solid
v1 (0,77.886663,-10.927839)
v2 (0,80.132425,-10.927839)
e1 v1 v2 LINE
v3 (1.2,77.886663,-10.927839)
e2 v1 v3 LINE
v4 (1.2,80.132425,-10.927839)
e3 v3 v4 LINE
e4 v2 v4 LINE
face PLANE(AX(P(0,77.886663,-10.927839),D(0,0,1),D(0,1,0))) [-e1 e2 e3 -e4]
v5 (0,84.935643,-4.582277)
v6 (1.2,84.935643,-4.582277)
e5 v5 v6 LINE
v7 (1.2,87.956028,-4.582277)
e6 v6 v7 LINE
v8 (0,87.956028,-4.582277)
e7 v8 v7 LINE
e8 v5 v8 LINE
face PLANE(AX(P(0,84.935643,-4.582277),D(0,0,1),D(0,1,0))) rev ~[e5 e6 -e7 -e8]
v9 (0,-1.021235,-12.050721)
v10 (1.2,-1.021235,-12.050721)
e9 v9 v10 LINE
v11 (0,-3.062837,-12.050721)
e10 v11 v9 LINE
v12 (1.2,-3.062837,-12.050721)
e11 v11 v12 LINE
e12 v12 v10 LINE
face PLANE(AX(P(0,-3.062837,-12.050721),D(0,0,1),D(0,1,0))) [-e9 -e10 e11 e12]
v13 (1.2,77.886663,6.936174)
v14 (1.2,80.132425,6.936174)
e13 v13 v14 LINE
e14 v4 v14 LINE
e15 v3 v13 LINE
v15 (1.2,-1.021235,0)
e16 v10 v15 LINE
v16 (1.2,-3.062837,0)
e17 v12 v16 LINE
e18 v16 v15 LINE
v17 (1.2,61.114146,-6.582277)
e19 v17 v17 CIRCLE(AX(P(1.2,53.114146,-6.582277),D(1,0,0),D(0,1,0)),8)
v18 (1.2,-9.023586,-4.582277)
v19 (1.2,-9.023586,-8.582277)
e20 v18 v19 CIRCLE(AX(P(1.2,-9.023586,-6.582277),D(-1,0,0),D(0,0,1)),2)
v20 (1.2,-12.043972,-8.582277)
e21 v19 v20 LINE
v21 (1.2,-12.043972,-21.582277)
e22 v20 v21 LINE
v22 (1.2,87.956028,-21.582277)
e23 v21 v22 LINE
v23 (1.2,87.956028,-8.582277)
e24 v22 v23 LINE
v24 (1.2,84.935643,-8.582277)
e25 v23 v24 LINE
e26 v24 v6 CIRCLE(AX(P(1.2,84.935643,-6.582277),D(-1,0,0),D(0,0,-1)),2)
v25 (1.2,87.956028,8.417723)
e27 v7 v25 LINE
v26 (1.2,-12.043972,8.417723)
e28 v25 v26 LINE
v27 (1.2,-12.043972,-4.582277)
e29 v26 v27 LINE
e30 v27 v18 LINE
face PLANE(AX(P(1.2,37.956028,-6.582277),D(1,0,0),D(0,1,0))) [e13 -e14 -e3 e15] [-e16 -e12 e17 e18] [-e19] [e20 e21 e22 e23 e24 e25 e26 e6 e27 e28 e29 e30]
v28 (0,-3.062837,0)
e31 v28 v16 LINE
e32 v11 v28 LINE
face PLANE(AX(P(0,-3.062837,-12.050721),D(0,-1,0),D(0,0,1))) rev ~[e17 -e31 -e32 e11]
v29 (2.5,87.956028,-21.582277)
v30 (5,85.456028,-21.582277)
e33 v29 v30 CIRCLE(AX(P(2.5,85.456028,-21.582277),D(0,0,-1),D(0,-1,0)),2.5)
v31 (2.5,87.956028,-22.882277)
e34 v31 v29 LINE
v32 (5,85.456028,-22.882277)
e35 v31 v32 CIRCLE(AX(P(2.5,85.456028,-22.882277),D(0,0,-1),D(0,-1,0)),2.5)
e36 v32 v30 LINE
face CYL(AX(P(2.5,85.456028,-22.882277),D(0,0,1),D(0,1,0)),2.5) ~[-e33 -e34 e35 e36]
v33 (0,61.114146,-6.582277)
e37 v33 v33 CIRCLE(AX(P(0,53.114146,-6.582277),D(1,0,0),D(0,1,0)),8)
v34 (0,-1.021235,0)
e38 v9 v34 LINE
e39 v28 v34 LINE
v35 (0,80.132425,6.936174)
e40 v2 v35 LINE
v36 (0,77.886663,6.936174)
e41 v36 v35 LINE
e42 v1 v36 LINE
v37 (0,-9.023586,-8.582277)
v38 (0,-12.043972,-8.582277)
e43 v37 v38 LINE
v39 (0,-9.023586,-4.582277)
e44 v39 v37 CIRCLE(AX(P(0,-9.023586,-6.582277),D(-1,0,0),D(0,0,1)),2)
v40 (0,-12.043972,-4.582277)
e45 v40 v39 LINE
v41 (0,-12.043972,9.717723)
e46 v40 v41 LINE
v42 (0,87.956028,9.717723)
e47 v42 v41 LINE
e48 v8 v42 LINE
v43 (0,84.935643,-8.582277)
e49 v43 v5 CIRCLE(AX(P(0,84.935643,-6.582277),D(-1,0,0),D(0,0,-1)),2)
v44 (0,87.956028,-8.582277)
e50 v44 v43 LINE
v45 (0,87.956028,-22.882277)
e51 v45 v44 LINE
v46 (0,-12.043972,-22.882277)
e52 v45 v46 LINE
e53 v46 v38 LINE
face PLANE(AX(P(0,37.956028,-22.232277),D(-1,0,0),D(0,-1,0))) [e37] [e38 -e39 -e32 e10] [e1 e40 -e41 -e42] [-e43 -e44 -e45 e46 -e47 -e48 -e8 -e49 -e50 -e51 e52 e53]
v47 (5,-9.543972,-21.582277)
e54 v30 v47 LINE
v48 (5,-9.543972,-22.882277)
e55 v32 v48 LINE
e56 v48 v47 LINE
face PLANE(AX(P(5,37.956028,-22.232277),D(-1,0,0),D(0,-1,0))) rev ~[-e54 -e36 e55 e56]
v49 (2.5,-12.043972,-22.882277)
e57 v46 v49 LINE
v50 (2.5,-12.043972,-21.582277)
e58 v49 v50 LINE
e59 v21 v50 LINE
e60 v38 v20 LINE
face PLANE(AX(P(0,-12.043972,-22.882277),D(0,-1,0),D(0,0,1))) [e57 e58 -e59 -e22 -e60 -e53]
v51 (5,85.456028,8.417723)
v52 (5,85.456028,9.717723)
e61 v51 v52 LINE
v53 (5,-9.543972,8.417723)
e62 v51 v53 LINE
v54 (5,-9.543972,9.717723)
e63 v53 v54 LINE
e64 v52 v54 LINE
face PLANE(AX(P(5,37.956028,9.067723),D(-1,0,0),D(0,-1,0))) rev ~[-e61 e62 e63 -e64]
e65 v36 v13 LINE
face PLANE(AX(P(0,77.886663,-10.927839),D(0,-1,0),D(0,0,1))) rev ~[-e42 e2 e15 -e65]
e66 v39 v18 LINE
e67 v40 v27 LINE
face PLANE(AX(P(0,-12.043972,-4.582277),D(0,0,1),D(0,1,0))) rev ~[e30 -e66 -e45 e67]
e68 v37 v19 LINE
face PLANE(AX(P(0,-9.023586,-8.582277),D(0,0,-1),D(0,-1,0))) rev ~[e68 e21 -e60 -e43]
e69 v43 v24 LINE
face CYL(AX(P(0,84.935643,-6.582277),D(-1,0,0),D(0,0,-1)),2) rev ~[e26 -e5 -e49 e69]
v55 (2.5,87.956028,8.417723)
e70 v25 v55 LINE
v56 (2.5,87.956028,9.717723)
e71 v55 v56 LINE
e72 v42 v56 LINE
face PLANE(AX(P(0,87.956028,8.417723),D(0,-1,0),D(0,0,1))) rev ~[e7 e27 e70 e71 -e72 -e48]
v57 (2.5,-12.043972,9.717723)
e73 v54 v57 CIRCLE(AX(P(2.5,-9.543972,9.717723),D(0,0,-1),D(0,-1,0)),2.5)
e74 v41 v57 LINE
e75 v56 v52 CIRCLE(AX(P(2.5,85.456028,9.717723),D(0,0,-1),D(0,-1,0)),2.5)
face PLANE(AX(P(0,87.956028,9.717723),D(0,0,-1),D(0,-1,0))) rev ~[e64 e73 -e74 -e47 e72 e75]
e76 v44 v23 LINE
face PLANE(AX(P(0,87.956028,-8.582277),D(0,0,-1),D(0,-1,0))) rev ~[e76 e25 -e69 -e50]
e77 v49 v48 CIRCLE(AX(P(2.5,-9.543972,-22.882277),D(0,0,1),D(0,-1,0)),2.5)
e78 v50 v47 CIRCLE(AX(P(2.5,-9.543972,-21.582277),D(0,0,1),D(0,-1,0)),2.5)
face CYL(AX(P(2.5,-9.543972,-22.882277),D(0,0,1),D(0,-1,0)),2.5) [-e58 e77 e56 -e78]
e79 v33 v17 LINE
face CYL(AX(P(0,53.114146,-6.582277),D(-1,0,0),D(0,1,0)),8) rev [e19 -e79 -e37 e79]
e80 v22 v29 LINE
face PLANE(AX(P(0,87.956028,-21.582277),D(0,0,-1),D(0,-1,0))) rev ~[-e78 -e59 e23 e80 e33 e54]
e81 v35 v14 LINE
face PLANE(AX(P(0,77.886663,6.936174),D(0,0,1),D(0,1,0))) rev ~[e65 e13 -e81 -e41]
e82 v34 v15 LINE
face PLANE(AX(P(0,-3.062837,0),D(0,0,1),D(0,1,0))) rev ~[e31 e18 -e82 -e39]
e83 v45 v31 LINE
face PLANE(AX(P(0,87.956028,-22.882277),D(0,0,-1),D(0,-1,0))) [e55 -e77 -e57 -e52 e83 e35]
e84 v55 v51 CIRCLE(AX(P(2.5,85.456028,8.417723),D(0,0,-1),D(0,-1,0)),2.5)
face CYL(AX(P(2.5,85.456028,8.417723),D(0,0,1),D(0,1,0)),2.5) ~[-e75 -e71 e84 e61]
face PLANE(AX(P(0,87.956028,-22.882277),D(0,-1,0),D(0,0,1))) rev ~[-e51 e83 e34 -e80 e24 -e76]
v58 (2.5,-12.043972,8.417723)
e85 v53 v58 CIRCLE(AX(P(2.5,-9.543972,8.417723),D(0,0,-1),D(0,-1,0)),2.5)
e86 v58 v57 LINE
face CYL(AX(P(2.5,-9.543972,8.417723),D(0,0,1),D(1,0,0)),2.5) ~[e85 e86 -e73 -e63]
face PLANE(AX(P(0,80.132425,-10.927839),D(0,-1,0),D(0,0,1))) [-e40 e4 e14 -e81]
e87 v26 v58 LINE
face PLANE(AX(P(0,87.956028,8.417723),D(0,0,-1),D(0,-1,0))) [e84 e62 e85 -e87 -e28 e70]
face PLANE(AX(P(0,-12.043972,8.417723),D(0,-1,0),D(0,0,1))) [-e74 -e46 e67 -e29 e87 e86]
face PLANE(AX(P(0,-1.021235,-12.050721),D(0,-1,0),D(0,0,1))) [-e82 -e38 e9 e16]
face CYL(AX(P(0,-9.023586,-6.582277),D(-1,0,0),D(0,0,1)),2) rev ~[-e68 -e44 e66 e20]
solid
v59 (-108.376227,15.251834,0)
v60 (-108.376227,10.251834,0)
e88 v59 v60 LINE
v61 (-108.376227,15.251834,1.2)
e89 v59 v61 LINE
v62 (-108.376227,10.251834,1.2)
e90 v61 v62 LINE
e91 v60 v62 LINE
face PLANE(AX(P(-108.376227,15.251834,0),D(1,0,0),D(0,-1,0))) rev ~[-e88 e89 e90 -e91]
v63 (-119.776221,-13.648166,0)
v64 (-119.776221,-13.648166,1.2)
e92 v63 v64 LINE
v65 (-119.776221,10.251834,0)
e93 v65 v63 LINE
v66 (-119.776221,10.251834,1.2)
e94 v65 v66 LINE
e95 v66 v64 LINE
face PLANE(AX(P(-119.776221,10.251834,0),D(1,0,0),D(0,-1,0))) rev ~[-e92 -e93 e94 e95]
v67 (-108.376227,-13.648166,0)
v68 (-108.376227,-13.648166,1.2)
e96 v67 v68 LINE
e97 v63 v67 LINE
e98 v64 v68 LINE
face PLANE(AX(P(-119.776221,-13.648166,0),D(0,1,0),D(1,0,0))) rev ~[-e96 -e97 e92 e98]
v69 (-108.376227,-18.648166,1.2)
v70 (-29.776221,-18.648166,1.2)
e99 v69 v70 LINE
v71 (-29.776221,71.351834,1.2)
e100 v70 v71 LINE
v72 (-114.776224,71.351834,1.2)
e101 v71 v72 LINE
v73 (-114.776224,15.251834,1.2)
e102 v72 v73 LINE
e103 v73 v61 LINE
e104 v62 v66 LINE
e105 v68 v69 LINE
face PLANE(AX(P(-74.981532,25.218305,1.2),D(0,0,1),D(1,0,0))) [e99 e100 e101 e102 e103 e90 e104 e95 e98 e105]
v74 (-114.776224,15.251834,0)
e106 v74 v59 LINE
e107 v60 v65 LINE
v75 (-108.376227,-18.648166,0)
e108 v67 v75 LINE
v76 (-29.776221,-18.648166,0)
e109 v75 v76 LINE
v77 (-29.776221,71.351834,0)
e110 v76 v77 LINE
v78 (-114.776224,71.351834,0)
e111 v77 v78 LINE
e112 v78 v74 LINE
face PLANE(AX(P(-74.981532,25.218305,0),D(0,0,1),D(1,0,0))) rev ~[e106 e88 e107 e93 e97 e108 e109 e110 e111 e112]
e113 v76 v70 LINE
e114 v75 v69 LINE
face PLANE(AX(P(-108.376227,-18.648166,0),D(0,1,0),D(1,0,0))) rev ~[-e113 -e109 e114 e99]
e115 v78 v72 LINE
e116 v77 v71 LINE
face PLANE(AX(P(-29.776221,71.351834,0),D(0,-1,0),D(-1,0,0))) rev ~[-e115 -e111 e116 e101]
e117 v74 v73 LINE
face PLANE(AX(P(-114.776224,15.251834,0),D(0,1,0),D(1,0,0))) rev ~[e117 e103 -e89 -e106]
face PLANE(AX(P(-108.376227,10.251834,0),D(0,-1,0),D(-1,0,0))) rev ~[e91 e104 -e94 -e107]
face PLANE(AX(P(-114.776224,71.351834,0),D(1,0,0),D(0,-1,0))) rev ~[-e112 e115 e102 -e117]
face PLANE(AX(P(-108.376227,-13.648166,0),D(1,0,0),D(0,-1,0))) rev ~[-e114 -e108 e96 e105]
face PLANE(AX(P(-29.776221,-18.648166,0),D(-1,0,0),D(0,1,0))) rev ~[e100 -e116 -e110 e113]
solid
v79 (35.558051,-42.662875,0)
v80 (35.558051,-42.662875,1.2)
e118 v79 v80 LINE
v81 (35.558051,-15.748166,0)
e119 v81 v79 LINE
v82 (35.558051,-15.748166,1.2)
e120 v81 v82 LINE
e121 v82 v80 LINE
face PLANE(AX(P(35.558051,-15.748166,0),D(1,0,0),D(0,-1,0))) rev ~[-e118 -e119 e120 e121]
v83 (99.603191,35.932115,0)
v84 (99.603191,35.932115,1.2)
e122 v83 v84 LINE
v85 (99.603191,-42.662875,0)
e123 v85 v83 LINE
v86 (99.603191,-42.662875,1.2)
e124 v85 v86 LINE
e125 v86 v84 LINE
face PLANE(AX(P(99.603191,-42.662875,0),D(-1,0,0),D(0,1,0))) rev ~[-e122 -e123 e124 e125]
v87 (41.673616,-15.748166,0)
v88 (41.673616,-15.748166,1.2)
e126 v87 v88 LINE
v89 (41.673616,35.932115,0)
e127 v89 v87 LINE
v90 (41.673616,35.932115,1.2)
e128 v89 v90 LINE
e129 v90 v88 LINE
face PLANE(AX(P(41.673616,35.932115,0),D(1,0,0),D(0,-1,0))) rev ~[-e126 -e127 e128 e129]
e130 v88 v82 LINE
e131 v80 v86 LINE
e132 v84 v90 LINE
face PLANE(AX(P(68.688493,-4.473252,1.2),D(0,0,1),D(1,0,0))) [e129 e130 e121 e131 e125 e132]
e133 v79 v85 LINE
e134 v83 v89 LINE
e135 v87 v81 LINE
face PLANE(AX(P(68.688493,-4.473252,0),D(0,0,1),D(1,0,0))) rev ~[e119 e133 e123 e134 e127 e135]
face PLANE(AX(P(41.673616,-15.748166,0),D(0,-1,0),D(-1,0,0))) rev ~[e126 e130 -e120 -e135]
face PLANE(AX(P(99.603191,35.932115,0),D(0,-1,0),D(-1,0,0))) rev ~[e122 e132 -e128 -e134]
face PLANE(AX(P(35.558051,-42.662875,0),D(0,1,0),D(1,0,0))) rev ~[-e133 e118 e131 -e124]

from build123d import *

# Parameters (mm, degrees)
F0_W     = 2.041602
F0_H     = 12.050721
F0_R     = 8
F0_W_2   = 2.245762
F0_H_2   = 17.864013
F1_DEPTH = 1.2
F2_W     = 100
F2_H     = 1.3
F3_DEPTH = 5
F4_W     = 100
F4_H     = 1.3
F5_DEPTH = 5
F6_R     = 2.5
F9_DEPTH = 1.2


with BuildPart() as f1:
    # F0 (on Right) → F1 (new body)
    with BuildSketch(Plane.YZ):
        with BuildLine():
            Line((87.956028, 8.417723), (-12.043972, 8.417723))
            Line((-12.043972, 8.417723), (-12.043972, -4.582277))
            Line((-12.043972, -4.582277), (-9.023586, -4.582277))
            ThreePointArc((-9.023586, -4.582277), (-7.023586, -6.582277), (-9.023586, -8.582277))
            Line((-9.023586, -8.582277), (-12.043972, -8.582277))
            Line((-12.043972, -8.582277), (-12.043972, -21.582277))
            Line((-12.043972, -21.582277), (87.956028, -21.582277))
            Line((87.956028, -21.582277), (87.956028, -8.582277))
            Line((87.956028, -8.582277), (84.935643, -8.582277))
            ThreePointArc((84.935643, -8.582277), (82.935643, -6.582277), (84.935643, -4.582277))
            Line((84.935643, -4.582277), (87.956028, -4.582277))
            Line((87.956028, -4.582277), (87.956028, 8.417723))
        make_face()
        with Locations((-2.042036, -6.02536)):
            Rectangle(F0_W, F0_H, mode=Mode.SUBTRACT)
        with Locations((53.114146, -6.582277)):
            Circle(F0_R, mode=Mode.SUBTRACT)
        with Locations((79.009544, -1.995832)):
            Rectangle(F0_W_2, F0_H_2, mode=Mode.SUBTRACT)
    extrude(amount=F1_DEPTH)

    # F2 (on face) → F3 (join)
    with BuildSketch(Plane(origin=(0, 0, 0), x_dir=(0, -1, 0), z_dir=(-1, 0, 0))):
        with Locations((-37.956028, 9.067723)):
            Rectangle(F2_W, F2_H)
    extrude(amount=-F3_DEPTH)

    # F4 (on face) → F5 (join)
    with BuildSketch(Plane(origin=(0, 0, 0), x_dir=(0, -1, 0), z_dir=(-1, 0, 0))):
        with Locations((-37.956028, -22.232277)):
            Rectangle(F4_W, F4_H)
    extrude(amount=-F5_DEPTH)

    # F6
    f6_edges = [f1.edges().sort_by_distance(p)[0] for p in [
        (5, -12.043972, 9.067723),
        (5, 87.956028, 9.067723),
        (5, 87.956028, -22.232277),
        (5, -12.043972, -22.232277),
    ]]
    fillet(f6_edges, radius=F6_R)


with BuildPart() as f9:
    # F7 (on Top) + F8 (on Top) → F9 (new body)
    with BuildSketch(Plane.XY):
        Polygon((-29.776221, 71.351834), (-114.776224, 71.351834), (-114.776224, 15.251834), (-108.376227, 15.251834), (-108.376227, 10.251834), (-119.776221, 10.251834), (-119.776221, -13.648166), (-108.376227, -13.648166), (-108.376227, -18.648166), (-29.776221, -18.648166), align=None)
    with BuildSketch(Plane.XY):
        Polygon((35.558051, -15.748166), (35.558051, -42.662875), (99.603191, -42.662875), (99.603191, 35.932115), (41.673616, 35.932115), (41.673616, -15.748166), align=None)
    extrude(amount=F9_DEPTH)


solid = Compound([f1.part, f9.part])
